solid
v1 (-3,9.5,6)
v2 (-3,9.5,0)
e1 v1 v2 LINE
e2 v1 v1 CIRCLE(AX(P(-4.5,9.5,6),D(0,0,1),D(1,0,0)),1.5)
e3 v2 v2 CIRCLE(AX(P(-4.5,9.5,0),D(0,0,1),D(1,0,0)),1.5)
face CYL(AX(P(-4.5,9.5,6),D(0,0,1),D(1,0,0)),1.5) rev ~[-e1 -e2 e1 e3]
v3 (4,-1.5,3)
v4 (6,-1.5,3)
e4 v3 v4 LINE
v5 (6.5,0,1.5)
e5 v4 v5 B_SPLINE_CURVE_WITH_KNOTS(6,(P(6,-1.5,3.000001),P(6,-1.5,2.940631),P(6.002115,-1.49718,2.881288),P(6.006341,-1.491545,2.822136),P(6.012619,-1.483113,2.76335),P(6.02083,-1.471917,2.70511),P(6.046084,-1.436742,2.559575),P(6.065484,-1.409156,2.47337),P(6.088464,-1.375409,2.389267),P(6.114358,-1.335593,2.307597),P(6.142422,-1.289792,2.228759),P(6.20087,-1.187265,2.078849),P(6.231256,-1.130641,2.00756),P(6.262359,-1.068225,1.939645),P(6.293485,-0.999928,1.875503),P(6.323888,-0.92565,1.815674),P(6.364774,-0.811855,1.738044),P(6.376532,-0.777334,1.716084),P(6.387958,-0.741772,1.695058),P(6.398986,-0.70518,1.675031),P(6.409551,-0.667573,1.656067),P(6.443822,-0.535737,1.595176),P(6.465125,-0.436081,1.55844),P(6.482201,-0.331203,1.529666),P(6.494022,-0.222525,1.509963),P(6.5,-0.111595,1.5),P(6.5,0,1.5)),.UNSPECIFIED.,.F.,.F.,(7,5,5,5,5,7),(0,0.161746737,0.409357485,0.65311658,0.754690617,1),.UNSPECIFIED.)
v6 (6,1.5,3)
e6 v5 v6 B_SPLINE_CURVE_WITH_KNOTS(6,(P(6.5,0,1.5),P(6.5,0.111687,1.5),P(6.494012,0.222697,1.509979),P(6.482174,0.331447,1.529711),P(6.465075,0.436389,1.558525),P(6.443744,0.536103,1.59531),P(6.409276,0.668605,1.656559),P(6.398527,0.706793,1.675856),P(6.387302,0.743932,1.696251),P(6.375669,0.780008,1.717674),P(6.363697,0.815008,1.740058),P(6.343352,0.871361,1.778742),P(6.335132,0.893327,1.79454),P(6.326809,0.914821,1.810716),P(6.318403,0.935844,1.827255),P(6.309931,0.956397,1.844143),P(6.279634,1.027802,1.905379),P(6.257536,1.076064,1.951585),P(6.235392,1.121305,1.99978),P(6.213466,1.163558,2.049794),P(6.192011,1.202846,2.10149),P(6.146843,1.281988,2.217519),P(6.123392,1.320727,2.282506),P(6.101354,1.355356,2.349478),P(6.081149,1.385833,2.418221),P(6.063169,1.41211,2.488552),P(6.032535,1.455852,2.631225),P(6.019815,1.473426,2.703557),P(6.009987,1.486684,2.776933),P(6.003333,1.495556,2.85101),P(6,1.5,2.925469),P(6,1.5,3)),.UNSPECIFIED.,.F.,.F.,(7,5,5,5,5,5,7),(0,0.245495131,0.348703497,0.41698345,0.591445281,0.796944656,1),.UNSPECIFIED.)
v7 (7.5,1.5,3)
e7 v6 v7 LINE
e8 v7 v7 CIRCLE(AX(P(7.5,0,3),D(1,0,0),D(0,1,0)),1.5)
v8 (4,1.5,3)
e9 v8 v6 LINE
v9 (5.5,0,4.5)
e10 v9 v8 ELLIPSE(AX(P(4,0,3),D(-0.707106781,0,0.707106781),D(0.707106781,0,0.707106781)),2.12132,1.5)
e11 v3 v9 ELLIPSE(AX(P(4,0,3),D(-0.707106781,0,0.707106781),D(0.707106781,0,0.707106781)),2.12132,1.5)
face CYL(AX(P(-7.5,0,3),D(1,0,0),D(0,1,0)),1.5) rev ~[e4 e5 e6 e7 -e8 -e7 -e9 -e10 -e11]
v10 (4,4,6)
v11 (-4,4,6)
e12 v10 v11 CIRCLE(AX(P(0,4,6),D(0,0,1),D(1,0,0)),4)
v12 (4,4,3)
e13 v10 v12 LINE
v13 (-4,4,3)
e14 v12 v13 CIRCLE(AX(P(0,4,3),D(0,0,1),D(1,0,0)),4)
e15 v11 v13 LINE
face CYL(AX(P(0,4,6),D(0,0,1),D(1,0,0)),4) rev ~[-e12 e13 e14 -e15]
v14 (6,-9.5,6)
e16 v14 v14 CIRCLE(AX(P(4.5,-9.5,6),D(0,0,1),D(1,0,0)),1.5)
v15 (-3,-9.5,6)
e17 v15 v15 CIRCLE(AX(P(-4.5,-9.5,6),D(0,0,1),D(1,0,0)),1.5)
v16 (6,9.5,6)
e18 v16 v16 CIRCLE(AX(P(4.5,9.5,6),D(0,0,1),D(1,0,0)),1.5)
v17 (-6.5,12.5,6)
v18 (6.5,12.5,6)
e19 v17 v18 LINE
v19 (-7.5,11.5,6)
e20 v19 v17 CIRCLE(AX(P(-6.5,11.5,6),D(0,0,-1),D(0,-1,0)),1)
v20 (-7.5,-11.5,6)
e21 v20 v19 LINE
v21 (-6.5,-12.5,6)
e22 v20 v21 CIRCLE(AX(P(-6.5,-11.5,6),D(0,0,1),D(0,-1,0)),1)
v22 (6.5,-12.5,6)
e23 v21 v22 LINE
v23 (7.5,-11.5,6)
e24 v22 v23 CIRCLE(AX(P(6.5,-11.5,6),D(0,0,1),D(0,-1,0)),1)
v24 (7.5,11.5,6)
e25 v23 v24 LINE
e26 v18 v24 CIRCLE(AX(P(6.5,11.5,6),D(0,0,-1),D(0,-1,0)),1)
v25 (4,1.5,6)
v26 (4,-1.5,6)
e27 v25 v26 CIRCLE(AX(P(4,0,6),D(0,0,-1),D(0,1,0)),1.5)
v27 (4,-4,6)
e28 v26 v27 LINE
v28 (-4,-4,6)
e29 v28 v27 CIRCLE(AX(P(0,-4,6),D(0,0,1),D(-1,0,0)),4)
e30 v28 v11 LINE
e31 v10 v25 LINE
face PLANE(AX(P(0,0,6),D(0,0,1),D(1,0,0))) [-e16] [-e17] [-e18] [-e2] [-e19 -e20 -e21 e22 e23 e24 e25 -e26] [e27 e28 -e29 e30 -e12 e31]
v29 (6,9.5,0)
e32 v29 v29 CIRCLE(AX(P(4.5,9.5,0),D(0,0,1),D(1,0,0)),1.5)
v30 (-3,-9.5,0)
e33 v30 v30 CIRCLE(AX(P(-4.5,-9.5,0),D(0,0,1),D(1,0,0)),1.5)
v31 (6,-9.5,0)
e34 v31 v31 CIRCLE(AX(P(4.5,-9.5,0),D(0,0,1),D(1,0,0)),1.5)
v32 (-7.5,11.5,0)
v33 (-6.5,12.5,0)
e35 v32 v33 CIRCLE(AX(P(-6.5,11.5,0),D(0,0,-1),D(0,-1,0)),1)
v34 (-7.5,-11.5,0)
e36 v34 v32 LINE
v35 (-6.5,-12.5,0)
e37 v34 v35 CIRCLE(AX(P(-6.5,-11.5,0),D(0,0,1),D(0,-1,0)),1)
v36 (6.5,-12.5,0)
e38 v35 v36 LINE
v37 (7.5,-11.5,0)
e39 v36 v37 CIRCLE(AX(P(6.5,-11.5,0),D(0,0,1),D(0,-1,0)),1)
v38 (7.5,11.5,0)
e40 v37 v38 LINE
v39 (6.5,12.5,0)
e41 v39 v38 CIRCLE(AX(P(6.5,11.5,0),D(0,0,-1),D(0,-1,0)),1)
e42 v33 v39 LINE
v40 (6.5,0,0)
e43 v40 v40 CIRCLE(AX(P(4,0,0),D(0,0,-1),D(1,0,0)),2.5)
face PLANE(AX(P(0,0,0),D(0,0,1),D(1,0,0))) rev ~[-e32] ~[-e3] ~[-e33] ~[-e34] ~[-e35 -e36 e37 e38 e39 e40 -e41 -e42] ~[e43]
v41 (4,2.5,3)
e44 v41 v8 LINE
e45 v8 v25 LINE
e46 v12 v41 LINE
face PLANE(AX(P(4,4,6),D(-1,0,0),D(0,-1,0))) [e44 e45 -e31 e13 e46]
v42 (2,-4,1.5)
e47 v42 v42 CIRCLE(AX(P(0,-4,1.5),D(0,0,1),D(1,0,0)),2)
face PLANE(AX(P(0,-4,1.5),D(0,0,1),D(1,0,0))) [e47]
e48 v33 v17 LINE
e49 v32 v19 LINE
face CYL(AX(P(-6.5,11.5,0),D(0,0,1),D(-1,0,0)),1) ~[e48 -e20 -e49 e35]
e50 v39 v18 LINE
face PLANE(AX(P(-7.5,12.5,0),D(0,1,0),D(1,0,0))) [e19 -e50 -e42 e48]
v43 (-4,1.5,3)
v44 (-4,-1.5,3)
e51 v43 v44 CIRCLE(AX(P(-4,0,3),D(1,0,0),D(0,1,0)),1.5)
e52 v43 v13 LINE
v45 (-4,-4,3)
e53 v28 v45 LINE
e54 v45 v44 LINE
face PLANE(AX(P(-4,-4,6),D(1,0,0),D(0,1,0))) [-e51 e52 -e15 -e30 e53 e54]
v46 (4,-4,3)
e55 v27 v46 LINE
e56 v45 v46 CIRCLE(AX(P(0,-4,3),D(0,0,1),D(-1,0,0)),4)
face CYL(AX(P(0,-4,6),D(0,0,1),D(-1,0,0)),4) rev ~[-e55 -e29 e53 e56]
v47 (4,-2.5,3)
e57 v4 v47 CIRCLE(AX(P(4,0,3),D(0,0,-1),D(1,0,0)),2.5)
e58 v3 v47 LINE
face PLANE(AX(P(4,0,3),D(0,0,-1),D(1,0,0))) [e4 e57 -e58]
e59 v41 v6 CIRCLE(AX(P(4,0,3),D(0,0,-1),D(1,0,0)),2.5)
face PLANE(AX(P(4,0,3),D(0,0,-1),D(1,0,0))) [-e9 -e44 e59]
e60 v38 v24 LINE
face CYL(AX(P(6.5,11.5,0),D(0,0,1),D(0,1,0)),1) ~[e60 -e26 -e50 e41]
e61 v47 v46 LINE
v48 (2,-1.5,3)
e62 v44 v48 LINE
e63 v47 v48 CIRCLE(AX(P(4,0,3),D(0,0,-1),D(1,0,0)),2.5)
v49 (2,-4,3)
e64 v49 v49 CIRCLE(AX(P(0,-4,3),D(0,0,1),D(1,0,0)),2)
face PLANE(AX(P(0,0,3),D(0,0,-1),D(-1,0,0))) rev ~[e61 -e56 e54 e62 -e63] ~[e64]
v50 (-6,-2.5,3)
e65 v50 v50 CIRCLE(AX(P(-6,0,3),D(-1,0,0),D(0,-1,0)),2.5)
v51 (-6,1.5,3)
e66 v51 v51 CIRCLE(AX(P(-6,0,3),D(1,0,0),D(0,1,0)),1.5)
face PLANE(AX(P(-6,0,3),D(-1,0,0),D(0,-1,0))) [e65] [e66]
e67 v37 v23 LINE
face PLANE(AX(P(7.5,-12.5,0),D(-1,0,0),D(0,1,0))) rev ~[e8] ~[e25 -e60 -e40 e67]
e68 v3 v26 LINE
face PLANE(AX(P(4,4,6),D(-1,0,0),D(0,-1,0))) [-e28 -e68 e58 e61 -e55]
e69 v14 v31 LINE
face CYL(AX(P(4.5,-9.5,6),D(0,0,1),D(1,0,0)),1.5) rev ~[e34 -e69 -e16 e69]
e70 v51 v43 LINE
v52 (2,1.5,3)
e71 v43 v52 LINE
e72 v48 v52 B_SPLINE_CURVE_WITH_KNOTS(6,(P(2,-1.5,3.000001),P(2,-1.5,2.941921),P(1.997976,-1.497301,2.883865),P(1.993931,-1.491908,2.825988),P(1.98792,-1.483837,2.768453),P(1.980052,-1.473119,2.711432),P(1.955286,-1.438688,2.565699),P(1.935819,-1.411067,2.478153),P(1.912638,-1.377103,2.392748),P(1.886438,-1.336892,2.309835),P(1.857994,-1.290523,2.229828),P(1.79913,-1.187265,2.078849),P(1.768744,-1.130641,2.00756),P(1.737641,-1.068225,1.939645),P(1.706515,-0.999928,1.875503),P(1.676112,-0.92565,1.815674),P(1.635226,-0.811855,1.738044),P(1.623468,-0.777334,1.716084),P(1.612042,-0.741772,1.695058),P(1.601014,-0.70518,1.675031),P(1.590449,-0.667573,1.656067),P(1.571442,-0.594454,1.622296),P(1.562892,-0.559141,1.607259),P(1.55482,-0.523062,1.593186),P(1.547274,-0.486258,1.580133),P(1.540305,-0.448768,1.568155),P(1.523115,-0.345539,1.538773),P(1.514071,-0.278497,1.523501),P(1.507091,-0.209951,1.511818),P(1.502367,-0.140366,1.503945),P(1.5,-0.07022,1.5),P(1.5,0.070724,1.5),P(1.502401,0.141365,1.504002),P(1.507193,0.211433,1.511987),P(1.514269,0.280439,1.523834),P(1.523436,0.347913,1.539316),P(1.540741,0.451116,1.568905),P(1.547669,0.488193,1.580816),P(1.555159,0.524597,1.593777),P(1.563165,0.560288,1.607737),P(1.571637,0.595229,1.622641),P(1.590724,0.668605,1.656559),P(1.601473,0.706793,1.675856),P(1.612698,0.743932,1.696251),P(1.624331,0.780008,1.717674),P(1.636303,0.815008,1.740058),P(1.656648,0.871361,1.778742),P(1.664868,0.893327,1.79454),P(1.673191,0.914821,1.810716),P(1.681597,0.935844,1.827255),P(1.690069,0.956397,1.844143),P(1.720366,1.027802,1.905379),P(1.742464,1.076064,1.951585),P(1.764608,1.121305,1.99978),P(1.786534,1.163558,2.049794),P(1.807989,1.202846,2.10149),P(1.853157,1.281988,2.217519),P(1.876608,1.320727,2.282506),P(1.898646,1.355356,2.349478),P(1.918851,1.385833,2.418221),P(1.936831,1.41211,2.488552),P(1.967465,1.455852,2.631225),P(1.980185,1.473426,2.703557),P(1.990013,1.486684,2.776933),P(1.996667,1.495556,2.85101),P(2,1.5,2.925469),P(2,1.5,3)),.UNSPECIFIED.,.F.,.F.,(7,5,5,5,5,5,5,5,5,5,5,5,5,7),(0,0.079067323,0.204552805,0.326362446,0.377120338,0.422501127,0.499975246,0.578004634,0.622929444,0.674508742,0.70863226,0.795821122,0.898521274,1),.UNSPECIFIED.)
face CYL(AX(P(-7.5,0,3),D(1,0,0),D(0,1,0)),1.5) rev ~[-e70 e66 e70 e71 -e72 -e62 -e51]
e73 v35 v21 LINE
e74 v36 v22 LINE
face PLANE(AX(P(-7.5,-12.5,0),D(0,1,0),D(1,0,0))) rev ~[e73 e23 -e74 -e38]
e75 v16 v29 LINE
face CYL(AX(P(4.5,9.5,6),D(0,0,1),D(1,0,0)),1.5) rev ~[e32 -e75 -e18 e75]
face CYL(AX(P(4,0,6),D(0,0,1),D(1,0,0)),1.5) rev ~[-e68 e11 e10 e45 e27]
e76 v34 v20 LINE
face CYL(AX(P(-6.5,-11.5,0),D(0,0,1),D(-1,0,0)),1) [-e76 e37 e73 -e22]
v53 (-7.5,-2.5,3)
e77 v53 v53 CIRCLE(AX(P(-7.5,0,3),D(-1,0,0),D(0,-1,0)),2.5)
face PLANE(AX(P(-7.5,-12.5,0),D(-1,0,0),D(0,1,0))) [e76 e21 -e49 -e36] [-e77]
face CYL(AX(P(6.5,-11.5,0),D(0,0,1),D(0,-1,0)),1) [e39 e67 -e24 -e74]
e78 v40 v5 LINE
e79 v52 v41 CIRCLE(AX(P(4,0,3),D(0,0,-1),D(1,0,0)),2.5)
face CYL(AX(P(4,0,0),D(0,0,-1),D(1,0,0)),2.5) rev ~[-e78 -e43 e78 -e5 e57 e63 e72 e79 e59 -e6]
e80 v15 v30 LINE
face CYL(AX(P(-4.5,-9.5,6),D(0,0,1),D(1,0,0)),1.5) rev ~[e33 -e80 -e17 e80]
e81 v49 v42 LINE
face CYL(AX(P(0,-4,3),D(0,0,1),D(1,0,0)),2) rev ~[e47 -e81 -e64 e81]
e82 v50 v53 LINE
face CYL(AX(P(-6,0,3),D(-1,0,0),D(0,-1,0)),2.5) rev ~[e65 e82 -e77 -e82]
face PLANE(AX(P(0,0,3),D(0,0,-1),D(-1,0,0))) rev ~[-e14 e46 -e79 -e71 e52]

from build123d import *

# Parameters (mm, degrees)
SKETCH_W                        = 15
SKETCH_H                        = 25
PAD_DEPTH                       = 6
POCKET_DEPTH                    = 3
SKETCH002_R                     = 2.5
POCKET001_DEPTH                 = 3
SKETCH003_R                     = 1.5
POCKET002_DEPTH                 = 6.001
SKETCH004_R                     = 2
POCKET003_DEPTH                 = 1.5
SKETCH005_R                     = 1.5
POCKET004_DEPTH                 = 65.532504
SKETCH005_LINEARPATTERN_2_R     = 1.5
POCKET004_LINEARPATTERN_2_DEPTH = 65.532504
LINEARPATTERN001_COUNT          = 2
LINEARPATTERN001_PITCH          = 19
HOLE_D                          = 3
HOLE_DEPTH                      = 25
HOLE_CBORE_D                    = 5
HOLE_CBORE_DEPTH                = 1.5
FILLET_R                        = 1


with BuildPart() as part:
    # Sketch → Pad (new body)
    with BuildSketch(Plane.XY):
        Rectangle(SKETCH_W, SKETCH_H)
    extrude(amount=PAD_DEPTH)

    # Sketch001 (on Face6 of Pad) → Pocket (cut)
    with BuildSketch(Plane.XY.offset(6)):
        with BuildLine():
            Line((4, 4), (4, -4))
            ThreePointArc((-4, -4), (0, -8), (4, -4))
            Line((-4, -4), (-4, 4))
            ThreePointArc((4, 4), (0, 8), (-4, 4))
        make_face()
    extrude(amount=-POCKET_DEPTH, mode=Mode.SUBTRACT)

    # Sketch002 (on Face4 of Pocket) → Pocket001 (cut)
    with BuildSketch(Plane(origin=(0, 0, 0), x_dir=(1, 0, 0), z_dir=(0, 0, -1))):
        with Locations((4, 0)):
            Circle(SKETCH002_R)
    extrude(amount=-POCKET001_DEPTH, mode=Mode.SUBTRACT)

    # Sketch003 (on Face5 of Pocket001) → Pocket002 (cut, through all)
    with BuildSketch(Plane.XY.offset(6)):
        with Locations((4, 0)):
            Circle(SKETCH003_R)
    extrude(amount=-POCKET002_DEPTH, mode=Mode.SUBTRACT)

    # Sketch004 (on Face14 of Pocket002) → Pocket003 (cut)
    with BuildSketch(Plane.XY.offset(3)):
        with Locations((0, -4)):
            Circle(SKETCH004_R)
    extrude(amount=-POCKET003_DEPTH, mode=Mode.SUBTRACT)

    # Sketch005 (on Face5 of Pocket003) → Pocket004 (cut, through all)
    with BuildSketch(Plane.XY.offset(6)):
        with Locations((-4.5, 9.5)):
            Circle(SKETCH005_R)
    pocket004 = extrude(amount=-POCKET004_DEPTH, mode=Mode.SUBTRACT)

    # Sketch005 LinearPattern 2 → Pocket004 LinearPattern 2 (cut, through all)
    with BuildSketch(Plane(origin=(9, 0, 6), x_dir=(1, 0, 0), z_dir=(0, 0, 1))):
        with Locations((-4.5, 9.5)):
            Circle(SKETCH005_LINEARPATTERN_2_R)
    pocket004_linearpattern_2 = extrude(amount=-POCKET004_LINEARPATTERN_2_DEPTH, mode=Mode.SUBTRACT)

    # LinearPattern001: Pocket004, Pocket004 LinearPattern 2 ×2
    with Locations(*[(0, -i * LINEARPATTERN001_PITCH, 0) for i in range(1, LINEARPATTERN001_COUNT)]):
        add(pocket004, mode=Mode.SUBTRACT)
        add(pocket004_linearpattern_2, mode=Mode.SUBTRACT)

    # Hole
    with Locations(Plane(origin=(-7.5, 0, 0), x_dir=(0, -1, 0), z_dir=(-1, 0, 0))):
        with Locations((0, 3)):
            CounterBoreHole(HOLE_D / 2, HOLE_CBORE_D / 2, HOLE_CBORE_DEPTH, depth=HOLE_DEPTH)

    # Fillet
    fillet_edges = [part.edges().sort_by_distance(p)[0] for p in [
        (-7.5, -12.5, 3),
        (7.5, -12.5, 3),
        (-7.5, 12.5, 3),
        (7.5, 12.5, 3),
    ]]
    fillet(fillet_edges, radius=FILLET_R)


solid = part.part
